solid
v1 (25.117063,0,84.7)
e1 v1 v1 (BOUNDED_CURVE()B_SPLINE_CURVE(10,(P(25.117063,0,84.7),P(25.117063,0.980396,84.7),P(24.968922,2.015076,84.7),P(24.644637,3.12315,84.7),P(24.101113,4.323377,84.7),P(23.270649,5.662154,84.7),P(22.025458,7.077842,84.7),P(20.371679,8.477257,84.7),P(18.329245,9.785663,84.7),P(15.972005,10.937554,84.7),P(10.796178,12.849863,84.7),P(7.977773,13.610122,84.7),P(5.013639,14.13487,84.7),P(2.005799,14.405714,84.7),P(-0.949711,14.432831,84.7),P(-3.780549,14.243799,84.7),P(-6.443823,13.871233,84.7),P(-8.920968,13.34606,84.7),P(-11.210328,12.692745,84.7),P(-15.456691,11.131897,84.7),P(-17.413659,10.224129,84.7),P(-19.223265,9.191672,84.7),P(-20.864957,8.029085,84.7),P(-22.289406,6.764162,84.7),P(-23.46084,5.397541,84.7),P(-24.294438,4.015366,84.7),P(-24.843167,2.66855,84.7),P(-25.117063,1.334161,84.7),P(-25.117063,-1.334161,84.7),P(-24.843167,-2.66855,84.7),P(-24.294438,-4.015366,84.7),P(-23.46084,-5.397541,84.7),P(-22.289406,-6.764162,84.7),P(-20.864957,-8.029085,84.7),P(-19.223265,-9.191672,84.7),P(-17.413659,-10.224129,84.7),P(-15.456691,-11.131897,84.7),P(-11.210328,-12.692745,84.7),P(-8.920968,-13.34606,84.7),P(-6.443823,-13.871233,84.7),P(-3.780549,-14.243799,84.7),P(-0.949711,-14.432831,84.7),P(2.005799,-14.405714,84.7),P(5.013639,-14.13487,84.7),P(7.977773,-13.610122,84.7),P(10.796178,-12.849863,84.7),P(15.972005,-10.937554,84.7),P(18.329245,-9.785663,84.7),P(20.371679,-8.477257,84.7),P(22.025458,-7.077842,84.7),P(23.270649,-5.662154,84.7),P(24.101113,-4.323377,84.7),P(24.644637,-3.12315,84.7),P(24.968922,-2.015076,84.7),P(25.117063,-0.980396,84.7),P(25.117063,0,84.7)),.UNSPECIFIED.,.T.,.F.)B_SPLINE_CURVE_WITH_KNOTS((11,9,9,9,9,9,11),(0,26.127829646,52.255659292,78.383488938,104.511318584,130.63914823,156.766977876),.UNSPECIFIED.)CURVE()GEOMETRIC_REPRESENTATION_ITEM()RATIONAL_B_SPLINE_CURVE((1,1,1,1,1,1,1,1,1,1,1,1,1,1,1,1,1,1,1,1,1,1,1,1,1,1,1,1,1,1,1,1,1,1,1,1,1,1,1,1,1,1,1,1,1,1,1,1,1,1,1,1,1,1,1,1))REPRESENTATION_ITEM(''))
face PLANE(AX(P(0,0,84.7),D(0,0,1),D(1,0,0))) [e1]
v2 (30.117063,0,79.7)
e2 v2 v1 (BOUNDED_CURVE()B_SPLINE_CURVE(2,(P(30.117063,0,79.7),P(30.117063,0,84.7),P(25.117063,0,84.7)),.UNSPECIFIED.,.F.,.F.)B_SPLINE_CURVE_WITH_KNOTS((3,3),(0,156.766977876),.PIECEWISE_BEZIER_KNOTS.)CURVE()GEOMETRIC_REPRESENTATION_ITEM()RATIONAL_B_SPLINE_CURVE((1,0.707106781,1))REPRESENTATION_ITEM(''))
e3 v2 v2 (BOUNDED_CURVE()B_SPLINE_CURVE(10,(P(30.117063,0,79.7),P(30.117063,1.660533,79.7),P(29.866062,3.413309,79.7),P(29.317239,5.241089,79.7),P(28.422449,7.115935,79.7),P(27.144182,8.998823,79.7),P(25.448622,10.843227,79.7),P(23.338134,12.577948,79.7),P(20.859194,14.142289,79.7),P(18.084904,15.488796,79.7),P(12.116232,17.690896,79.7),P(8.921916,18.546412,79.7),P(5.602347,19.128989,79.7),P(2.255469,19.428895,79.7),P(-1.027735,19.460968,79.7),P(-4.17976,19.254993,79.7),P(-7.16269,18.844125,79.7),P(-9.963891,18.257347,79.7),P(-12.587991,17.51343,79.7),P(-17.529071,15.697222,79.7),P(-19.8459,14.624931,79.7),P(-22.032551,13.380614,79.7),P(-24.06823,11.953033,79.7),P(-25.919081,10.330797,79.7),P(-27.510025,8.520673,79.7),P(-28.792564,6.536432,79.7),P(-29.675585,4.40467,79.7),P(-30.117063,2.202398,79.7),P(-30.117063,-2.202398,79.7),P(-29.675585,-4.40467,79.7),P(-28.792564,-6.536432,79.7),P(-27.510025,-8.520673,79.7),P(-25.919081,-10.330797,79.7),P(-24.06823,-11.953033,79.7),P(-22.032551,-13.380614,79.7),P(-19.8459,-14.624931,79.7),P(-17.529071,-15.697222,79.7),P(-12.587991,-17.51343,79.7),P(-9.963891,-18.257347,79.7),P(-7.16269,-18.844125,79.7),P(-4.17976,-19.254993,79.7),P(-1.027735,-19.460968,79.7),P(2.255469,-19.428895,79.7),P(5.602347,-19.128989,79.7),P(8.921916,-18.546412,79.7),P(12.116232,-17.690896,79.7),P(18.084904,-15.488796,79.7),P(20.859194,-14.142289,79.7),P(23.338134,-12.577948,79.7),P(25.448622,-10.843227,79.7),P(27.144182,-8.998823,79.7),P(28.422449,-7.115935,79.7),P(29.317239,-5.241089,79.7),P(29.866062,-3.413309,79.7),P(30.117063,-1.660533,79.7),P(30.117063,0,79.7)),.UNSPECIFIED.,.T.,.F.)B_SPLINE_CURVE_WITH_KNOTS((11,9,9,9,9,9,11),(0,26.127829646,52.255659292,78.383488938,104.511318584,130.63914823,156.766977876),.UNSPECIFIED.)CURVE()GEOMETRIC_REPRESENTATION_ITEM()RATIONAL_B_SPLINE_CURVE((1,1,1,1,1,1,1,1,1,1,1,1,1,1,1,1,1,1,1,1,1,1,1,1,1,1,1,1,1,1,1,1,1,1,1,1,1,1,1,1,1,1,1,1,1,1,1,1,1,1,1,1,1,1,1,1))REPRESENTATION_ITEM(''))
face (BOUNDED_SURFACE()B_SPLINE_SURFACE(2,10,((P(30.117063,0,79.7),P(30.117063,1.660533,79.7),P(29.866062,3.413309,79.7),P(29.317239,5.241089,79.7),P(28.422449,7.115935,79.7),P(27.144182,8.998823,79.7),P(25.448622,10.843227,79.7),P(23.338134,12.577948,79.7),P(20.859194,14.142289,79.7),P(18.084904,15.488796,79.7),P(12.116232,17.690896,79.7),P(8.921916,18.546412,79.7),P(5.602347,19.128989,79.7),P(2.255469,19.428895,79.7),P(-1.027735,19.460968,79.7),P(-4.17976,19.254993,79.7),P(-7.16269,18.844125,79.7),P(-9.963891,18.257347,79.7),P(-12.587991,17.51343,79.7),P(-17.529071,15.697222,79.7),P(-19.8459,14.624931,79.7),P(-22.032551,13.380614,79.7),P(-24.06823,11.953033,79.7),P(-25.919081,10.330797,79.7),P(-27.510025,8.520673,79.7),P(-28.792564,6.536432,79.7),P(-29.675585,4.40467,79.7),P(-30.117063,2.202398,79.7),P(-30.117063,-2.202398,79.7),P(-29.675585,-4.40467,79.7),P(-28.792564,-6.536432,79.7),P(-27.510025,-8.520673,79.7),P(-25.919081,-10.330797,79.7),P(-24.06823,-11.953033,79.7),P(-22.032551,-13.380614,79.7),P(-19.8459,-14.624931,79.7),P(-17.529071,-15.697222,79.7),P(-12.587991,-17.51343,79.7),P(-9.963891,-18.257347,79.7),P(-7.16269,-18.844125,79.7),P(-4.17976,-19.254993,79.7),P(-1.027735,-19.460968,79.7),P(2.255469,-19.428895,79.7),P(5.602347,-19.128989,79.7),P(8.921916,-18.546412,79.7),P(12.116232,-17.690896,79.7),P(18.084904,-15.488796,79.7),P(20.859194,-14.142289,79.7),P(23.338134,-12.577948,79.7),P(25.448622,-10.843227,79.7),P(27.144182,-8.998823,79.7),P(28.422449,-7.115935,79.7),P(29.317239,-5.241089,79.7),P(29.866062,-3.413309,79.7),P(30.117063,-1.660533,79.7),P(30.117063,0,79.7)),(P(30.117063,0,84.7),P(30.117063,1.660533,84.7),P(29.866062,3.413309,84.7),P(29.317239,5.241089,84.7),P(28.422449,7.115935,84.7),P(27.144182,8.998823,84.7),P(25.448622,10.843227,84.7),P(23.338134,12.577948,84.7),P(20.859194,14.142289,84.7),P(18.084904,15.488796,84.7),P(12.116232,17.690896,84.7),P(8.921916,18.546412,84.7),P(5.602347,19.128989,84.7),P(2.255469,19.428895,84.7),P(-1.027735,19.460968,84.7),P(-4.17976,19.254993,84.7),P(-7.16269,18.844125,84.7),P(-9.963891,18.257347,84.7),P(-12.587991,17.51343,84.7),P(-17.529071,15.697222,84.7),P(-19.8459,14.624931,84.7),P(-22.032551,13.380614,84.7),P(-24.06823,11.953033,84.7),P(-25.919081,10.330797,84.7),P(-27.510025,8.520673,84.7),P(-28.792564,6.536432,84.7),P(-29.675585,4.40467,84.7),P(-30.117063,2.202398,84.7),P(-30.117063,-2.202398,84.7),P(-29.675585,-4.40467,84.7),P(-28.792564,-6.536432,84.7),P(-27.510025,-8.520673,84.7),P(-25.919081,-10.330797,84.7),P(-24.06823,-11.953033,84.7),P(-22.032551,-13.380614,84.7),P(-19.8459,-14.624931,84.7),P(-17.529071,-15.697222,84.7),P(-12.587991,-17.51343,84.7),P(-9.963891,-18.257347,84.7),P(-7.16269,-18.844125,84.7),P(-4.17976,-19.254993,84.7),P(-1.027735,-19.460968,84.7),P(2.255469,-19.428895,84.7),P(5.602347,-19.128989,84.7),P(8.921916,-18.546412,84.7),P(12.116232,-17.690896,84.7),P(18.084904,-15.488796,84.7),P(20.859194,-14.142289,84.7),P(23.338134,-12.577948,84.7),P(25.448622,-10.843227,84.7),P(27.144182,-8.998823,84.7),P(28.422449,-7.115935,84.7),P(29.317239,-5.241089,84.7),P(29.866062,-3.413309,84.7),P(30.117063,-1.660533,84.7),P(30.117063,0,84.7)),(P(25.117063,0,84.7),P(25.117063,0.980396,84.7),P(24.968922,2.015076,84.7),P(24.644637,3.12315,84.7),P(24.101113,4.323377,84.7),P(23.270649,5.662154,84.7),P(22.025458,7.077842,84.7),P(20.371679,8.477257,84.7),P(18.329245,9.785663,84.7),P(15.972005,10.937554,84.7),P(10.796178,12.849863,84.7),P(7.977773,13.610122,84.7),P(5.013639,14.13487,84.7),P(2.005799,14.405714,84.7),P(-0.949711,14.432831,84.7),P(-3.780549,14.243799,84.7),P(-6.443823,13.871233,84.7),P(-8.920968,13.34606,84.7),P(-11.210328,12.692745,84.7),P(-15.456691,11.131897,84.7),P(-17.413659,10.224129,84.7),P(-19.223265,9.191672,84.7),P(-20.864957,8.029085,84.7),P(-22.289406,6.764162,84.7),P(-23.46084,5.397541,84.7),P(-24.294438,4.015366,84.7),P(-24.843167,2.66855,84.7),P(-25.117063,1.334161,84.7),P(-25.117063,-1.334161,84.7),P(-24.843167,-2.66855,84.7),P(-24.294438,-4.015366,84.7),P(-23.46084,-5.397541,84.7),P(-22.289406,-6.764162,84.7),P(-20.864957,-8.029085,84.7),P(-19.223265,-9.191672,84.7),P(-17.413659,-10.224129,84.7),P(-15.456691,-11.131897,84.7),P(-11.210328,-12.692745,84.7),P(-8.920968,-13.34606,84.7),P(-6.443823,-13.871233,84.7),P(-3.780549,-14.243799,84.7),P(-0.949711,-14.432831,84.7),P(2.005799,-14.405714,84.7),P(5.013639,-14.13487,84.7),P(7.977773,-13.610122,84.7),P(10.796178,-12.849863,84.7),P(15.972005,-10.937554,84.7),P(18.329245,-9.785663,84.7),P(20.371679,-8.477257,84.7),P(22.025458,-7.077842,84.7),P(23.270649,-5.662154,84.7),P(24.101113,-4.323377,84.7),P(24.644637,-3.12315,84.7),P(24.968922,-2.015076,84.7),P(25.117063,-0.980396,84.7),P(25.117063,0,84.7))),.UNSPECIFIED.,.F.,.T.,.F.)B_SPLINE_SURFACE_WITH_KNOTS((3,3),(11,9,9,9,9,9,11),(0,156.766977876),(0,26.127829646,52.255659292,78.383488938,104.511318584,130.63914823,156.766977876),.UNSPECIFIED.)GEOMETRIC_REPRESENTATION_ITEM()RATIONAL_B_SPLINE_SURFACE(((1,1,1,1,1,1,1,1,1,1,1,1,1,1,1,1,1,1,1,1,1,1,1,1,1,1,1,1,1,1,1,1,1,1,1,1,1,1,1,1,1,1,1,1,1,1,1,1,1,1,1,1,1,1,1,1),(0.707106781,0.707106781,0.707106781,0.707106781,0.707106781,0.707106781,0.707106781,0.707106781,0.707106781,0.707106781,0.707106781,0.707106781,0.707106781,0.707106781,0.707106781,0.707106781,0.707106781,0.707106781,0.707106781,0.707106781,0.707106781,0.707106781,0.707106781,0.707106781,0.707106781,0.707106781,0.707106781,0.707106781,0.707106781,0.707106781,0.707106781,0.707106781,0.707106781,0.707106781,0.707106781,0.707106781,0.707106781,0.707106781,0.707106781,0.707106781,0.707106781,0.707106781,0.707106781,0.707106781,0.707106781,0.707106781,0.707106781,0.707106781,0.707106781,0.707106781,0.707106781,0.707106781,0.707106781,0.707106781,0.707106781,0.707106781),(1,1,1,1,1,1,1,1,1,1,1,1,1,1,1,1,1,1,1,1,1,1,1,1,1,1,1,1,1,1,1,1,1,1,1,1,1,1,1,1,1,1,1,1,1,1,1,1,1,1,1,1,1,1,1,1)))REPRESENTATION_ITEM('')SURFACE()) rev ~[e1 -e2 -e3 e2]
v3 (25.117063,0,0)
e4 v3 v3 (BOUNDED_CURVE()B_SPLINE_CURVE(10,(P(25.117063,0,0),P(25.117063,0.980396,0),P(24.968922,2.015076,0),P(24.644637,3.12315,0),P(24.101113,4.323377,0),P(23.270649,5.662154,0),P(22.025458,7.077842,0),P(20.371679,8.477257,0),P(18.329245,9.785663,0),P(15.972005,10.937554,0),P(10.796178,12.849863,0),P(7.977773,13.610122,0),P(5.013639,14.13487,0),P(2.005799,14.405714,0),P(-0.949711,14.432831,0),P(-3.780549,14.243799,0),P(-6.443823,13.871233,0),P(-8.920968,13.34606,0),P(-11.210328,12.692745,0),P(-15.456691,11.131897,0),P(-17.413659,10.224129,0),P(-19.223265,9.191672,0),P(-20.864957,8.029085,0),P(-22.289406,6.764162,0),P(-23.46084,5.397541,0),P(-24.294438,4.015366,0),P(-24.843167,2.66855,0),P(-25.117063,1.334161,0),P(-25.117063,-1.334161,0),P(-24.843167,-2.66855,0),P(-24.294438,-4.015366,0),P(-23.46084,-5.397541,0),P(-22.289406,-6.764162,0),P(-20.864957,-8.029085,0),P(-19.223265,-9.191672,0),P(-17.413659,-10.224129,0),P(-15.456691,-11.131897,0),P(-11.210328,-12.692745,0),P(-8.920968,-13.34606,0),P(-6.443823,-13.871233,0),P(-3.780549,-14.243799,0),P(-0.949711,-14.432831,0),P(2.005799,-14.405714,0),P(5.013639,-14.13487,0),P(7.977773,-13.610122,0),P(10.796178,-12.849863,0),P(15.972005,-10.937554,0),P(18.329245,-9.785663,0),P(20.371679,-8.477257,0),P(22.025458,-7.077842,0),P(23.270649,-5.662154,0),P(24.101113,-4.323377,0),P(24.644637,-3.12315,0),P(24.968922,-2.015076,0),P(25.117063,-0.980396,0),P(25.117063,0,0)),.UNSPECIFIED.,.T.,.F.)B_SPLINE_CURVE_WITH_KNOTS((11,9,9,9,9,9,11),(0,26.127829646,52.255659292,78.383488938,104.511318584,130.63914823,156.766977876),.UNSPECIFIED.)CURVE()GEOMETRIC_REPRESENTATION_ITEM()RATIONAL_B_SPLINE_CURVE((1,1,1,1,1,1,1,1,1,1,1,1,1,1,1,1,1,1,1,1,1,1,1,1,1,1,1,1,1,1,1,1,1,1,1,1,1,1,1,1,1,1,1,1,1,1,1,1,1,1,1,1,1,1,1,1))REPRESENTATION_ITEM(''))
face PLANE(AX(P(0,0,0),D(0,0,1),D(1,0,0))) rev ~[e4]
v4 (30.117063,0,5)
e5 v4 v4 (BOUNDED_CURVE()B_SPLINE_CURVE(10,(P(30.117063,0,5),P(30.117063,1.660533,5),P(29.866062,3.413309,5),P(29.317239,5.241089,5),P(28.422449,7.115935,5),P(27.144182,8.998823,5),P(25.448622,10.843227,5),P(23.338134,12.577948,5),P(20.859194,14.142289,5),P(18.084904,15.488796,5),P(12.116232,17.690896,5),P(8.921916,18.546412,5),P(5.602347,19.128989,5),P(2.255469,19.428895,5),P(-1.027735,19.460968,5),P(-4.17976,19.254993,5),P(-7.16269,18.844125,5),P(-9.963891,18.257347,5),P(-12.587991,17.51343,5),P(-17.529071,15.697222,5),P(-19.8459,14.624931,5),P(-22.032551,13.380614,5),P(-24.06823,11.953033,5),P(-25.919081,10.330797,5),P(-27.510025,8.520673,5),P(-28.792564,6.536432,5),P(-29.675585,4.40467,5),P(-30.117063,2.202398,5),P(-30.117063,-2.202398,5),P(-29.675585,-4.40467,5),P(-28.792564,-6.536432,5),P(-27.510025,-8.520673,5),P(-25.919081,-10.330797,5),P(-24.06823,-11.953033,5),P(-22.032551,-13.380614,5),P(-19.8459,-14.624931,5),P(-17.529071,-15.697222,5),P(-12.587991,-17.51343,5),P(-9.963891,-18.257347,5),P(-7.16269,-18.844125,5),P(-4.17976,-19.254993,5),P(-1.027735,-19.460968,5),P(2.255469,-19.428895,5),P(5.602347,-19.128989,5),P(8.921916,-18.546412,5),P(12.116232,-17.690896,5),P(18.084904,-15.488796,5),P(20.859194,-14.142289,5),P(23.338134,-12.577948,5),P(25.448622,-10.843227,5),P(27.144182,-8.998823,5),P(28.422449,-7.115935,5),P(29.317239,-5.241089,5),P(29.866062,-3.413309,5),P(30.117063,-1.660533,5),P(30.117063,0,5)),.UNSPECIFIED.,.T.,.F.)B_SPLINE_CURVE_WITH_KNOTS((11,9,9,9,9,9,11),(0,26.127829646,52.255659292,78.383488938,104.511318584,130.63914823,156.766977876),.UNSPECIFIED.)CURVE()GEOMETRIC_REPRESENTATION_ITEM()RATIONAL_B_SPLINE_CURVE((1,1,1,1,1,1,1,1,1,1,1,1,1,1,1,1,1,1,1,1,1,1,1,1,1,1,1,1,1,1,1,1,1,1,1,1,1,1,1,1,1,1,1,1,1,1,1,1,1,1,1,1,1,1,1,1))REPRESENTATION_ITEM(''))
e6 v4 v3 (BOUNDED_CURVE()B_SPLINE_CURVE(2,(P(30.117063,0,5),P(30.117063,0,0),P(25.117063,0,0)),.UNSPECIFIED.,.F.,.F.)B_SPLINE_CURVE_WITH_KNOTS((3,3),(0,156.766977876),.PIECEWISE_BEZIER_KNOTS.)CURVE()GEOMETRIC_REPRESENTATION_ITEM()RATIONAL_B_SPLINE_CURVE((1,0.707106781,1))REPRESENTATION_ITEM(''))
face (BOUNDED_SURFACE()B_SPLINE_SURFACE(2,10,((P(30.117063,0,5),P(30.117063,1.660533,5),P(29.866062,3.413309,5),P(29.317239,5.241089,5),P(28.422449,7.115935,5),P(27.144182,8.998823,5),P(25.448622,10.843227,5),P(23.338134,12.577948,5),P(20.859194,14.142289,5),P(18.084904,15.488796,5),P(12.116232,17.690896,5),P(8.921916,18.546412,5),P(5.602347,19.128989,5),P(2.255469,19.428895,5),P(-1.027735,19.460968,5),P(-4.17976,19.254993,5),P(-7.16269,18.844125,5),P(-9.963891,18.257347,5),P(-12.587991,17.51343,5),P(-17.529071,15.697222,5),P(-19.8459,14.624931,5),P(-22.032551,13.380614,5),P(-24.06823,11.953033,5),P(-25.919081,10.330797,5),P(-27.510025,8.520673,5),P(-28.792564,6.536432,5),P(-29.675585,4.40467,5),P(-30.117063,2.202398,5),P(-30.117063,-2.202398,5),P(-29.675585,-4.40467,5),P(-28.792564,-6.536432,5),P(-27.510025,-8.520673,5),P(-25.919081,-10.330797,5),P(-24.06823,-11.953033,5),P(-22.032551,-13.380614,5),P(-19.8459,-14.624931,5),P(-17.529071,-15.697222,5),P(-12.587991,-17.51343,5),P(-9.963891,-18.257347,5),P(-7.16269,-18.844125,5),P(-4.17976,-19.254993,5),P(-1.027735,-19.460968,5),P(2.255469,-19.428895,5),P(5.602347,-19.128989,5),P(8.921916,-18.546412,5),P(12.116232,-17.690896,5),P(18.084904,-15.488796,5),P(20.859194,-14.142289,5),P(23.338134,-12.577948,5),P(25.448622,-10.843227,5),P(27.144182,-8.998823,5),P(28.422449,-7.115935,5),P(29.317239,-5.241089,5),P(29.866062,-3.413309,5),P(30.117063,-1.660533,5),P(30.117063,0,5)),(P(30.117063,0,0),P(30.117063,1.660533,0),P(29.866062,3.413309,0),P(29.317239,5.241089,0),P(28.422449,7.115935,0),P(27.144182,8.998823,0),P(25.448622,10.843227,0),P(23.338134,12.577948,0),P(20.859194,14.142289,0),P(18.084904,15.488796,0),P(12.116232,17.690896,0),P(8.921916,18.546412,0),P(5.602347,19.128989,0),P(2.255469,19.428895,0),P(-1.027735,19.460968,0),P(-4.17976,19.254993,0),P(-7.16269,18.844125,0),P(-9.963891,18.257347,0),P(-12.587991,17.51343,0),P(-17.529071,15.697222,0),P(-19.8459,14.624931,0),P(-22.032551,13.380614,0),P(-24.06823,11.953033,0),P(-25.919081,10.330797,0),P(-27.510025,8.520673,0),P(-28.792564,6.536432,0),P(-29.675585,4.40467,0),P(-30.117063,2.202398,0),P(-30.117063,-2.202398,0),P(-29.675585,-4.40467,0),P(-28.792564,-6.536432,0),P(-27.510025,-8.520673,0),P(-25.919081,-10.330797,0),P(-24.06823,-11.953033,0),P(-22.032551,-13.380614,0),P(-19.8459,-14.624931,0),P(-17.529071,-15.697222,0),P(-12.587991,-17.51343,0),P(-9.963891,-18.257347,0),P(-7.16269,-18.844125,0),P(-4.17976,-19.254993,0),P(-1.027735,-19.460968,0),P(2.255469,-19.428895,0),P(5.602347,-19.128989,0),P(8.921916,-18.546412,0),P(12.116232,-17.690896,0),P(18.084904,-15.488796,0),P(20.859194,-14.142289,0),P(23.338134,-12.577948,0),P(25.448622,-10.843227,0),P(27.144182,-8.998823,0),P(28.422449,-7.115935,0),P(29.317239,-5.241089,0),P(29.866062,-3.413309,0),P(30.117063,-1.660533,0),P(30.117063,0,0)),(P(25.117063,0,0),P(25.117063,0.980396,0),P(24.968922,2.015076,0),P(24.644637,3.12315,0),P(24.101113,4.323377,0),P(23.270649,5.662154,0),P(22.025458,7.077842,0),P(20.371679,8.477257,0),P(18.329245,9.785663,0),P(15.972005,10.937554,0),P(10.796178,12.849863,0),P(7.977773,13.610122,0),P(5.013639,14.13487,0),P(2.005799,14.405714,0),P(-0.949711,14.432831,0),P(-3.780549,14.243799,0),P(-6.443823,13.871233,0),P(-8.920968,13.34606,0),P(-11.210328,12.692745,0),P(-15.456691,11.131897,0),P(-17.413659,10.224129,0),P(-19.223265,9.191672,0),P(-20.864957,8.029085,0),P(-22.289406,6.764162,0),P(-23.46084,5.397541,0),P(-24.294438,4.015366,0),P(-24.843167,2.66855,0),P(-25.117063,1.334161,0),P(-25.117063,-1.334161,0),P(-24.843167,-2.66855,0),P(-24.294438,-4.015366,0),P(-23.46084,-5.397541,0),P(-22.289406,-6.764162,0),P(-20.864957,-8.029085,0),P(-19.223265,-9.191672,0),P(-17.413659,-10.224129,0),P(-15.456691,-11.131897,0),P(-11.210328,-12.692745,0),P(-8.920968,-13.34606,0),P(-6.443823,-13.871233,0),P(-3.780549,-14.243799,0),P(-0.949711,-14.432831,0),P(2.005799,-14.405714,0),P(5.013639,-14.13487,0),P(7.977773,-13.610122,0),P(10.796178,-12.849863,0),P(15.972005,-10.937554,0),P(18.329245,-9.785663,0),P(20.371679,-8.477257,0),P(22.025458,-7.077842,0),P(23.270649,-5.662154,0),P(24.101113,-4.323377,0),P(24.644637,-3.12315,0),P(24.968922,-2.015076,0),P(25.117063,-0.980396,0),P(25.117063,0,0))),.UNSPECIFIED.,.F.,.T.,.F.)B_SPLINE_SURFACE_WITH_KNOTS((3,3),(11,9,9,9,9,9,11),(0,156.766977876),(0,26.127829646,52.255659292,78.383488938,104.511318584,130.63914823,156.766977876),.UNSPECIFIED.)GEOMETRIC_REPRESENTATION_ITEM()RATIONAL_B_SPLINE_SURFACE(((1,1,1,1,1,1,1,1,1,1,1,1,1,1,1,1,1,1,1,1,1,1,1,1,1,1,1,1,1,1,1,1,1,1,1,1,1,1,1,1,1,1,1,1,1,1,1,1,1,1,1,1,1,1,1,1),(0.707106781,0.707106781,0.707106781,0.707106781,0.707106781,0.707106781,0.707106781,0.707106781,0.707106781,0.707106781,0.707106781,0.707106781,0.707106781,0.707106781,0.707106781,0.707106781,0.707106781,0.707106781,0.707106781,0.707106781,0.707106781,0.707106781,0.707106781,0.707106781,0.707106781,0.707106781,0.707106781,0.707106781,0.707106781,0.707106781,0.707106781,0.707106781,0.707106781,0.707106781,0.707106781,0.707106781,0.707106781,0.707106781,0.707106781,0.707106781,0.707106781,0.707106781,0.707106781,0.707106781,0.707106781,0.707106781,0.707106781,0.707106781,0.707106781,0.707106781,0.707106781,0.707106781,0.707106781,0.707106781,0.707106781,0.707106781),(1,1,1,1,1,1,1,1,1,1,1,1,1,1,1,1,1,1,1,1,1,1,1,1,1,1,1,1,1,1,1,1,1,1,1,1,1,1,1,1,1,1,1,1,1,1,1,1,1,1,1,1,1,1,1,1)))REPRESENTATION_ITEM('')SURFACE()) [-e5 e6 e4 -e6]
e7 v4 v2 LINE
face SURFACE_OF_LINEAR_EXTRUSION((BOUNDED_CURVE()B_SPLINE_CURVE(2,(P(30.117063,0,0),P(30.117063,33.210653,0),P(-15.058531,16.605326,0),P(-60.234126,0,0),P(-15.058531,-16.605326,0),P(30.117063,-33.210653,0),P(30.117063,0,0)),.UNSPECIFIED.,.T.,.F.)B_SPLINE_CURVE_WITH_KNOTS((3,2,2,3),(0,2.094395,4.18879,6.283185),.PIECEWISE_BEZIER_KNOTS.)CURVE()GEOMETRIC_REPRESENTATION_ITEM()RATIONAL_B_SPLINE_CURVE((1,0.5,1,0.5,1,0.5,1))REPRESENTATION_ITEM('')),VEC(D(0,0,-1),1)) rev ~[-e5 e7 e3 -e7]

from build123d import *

# Parameters (mm, degrees)
F1_DEPTH = 84.7
F2_R     = 5


with BuildPart() as f1:
    # F0 (on Top) → F1 (new body)
    with BuildSketch(Plane.XY):
        with BuildLine():
            add(Edge.make_bspline(
                [(30.117063, 0), (30.117063, 33.210653), (-15.058531, 16.605326), (-60.234126, 0), (-15.058531, -16.605326), (30.117063, -33.210653), (30.117063, 0)],
                knots=[0, 0, 0, 2.094395, 2.094395, 4.18879, 4.18879, 6.283185, 6.283185, 6.283185], degree=2, weights=[1, 0.5, 1, 0.5, 1, 0.5, 1]))
        make_face()
    extrude(amount=F1_DEPTH)

    # F2
    f2_edges = [f1.edges().sort_by_distance(p)[0] for p in [
        (-30.117063, 0, 84.7),
        (-30.117063, 0, 0),
    ]]
    fillet(f2_edges, radius=F2_R)


solid = f1.part
